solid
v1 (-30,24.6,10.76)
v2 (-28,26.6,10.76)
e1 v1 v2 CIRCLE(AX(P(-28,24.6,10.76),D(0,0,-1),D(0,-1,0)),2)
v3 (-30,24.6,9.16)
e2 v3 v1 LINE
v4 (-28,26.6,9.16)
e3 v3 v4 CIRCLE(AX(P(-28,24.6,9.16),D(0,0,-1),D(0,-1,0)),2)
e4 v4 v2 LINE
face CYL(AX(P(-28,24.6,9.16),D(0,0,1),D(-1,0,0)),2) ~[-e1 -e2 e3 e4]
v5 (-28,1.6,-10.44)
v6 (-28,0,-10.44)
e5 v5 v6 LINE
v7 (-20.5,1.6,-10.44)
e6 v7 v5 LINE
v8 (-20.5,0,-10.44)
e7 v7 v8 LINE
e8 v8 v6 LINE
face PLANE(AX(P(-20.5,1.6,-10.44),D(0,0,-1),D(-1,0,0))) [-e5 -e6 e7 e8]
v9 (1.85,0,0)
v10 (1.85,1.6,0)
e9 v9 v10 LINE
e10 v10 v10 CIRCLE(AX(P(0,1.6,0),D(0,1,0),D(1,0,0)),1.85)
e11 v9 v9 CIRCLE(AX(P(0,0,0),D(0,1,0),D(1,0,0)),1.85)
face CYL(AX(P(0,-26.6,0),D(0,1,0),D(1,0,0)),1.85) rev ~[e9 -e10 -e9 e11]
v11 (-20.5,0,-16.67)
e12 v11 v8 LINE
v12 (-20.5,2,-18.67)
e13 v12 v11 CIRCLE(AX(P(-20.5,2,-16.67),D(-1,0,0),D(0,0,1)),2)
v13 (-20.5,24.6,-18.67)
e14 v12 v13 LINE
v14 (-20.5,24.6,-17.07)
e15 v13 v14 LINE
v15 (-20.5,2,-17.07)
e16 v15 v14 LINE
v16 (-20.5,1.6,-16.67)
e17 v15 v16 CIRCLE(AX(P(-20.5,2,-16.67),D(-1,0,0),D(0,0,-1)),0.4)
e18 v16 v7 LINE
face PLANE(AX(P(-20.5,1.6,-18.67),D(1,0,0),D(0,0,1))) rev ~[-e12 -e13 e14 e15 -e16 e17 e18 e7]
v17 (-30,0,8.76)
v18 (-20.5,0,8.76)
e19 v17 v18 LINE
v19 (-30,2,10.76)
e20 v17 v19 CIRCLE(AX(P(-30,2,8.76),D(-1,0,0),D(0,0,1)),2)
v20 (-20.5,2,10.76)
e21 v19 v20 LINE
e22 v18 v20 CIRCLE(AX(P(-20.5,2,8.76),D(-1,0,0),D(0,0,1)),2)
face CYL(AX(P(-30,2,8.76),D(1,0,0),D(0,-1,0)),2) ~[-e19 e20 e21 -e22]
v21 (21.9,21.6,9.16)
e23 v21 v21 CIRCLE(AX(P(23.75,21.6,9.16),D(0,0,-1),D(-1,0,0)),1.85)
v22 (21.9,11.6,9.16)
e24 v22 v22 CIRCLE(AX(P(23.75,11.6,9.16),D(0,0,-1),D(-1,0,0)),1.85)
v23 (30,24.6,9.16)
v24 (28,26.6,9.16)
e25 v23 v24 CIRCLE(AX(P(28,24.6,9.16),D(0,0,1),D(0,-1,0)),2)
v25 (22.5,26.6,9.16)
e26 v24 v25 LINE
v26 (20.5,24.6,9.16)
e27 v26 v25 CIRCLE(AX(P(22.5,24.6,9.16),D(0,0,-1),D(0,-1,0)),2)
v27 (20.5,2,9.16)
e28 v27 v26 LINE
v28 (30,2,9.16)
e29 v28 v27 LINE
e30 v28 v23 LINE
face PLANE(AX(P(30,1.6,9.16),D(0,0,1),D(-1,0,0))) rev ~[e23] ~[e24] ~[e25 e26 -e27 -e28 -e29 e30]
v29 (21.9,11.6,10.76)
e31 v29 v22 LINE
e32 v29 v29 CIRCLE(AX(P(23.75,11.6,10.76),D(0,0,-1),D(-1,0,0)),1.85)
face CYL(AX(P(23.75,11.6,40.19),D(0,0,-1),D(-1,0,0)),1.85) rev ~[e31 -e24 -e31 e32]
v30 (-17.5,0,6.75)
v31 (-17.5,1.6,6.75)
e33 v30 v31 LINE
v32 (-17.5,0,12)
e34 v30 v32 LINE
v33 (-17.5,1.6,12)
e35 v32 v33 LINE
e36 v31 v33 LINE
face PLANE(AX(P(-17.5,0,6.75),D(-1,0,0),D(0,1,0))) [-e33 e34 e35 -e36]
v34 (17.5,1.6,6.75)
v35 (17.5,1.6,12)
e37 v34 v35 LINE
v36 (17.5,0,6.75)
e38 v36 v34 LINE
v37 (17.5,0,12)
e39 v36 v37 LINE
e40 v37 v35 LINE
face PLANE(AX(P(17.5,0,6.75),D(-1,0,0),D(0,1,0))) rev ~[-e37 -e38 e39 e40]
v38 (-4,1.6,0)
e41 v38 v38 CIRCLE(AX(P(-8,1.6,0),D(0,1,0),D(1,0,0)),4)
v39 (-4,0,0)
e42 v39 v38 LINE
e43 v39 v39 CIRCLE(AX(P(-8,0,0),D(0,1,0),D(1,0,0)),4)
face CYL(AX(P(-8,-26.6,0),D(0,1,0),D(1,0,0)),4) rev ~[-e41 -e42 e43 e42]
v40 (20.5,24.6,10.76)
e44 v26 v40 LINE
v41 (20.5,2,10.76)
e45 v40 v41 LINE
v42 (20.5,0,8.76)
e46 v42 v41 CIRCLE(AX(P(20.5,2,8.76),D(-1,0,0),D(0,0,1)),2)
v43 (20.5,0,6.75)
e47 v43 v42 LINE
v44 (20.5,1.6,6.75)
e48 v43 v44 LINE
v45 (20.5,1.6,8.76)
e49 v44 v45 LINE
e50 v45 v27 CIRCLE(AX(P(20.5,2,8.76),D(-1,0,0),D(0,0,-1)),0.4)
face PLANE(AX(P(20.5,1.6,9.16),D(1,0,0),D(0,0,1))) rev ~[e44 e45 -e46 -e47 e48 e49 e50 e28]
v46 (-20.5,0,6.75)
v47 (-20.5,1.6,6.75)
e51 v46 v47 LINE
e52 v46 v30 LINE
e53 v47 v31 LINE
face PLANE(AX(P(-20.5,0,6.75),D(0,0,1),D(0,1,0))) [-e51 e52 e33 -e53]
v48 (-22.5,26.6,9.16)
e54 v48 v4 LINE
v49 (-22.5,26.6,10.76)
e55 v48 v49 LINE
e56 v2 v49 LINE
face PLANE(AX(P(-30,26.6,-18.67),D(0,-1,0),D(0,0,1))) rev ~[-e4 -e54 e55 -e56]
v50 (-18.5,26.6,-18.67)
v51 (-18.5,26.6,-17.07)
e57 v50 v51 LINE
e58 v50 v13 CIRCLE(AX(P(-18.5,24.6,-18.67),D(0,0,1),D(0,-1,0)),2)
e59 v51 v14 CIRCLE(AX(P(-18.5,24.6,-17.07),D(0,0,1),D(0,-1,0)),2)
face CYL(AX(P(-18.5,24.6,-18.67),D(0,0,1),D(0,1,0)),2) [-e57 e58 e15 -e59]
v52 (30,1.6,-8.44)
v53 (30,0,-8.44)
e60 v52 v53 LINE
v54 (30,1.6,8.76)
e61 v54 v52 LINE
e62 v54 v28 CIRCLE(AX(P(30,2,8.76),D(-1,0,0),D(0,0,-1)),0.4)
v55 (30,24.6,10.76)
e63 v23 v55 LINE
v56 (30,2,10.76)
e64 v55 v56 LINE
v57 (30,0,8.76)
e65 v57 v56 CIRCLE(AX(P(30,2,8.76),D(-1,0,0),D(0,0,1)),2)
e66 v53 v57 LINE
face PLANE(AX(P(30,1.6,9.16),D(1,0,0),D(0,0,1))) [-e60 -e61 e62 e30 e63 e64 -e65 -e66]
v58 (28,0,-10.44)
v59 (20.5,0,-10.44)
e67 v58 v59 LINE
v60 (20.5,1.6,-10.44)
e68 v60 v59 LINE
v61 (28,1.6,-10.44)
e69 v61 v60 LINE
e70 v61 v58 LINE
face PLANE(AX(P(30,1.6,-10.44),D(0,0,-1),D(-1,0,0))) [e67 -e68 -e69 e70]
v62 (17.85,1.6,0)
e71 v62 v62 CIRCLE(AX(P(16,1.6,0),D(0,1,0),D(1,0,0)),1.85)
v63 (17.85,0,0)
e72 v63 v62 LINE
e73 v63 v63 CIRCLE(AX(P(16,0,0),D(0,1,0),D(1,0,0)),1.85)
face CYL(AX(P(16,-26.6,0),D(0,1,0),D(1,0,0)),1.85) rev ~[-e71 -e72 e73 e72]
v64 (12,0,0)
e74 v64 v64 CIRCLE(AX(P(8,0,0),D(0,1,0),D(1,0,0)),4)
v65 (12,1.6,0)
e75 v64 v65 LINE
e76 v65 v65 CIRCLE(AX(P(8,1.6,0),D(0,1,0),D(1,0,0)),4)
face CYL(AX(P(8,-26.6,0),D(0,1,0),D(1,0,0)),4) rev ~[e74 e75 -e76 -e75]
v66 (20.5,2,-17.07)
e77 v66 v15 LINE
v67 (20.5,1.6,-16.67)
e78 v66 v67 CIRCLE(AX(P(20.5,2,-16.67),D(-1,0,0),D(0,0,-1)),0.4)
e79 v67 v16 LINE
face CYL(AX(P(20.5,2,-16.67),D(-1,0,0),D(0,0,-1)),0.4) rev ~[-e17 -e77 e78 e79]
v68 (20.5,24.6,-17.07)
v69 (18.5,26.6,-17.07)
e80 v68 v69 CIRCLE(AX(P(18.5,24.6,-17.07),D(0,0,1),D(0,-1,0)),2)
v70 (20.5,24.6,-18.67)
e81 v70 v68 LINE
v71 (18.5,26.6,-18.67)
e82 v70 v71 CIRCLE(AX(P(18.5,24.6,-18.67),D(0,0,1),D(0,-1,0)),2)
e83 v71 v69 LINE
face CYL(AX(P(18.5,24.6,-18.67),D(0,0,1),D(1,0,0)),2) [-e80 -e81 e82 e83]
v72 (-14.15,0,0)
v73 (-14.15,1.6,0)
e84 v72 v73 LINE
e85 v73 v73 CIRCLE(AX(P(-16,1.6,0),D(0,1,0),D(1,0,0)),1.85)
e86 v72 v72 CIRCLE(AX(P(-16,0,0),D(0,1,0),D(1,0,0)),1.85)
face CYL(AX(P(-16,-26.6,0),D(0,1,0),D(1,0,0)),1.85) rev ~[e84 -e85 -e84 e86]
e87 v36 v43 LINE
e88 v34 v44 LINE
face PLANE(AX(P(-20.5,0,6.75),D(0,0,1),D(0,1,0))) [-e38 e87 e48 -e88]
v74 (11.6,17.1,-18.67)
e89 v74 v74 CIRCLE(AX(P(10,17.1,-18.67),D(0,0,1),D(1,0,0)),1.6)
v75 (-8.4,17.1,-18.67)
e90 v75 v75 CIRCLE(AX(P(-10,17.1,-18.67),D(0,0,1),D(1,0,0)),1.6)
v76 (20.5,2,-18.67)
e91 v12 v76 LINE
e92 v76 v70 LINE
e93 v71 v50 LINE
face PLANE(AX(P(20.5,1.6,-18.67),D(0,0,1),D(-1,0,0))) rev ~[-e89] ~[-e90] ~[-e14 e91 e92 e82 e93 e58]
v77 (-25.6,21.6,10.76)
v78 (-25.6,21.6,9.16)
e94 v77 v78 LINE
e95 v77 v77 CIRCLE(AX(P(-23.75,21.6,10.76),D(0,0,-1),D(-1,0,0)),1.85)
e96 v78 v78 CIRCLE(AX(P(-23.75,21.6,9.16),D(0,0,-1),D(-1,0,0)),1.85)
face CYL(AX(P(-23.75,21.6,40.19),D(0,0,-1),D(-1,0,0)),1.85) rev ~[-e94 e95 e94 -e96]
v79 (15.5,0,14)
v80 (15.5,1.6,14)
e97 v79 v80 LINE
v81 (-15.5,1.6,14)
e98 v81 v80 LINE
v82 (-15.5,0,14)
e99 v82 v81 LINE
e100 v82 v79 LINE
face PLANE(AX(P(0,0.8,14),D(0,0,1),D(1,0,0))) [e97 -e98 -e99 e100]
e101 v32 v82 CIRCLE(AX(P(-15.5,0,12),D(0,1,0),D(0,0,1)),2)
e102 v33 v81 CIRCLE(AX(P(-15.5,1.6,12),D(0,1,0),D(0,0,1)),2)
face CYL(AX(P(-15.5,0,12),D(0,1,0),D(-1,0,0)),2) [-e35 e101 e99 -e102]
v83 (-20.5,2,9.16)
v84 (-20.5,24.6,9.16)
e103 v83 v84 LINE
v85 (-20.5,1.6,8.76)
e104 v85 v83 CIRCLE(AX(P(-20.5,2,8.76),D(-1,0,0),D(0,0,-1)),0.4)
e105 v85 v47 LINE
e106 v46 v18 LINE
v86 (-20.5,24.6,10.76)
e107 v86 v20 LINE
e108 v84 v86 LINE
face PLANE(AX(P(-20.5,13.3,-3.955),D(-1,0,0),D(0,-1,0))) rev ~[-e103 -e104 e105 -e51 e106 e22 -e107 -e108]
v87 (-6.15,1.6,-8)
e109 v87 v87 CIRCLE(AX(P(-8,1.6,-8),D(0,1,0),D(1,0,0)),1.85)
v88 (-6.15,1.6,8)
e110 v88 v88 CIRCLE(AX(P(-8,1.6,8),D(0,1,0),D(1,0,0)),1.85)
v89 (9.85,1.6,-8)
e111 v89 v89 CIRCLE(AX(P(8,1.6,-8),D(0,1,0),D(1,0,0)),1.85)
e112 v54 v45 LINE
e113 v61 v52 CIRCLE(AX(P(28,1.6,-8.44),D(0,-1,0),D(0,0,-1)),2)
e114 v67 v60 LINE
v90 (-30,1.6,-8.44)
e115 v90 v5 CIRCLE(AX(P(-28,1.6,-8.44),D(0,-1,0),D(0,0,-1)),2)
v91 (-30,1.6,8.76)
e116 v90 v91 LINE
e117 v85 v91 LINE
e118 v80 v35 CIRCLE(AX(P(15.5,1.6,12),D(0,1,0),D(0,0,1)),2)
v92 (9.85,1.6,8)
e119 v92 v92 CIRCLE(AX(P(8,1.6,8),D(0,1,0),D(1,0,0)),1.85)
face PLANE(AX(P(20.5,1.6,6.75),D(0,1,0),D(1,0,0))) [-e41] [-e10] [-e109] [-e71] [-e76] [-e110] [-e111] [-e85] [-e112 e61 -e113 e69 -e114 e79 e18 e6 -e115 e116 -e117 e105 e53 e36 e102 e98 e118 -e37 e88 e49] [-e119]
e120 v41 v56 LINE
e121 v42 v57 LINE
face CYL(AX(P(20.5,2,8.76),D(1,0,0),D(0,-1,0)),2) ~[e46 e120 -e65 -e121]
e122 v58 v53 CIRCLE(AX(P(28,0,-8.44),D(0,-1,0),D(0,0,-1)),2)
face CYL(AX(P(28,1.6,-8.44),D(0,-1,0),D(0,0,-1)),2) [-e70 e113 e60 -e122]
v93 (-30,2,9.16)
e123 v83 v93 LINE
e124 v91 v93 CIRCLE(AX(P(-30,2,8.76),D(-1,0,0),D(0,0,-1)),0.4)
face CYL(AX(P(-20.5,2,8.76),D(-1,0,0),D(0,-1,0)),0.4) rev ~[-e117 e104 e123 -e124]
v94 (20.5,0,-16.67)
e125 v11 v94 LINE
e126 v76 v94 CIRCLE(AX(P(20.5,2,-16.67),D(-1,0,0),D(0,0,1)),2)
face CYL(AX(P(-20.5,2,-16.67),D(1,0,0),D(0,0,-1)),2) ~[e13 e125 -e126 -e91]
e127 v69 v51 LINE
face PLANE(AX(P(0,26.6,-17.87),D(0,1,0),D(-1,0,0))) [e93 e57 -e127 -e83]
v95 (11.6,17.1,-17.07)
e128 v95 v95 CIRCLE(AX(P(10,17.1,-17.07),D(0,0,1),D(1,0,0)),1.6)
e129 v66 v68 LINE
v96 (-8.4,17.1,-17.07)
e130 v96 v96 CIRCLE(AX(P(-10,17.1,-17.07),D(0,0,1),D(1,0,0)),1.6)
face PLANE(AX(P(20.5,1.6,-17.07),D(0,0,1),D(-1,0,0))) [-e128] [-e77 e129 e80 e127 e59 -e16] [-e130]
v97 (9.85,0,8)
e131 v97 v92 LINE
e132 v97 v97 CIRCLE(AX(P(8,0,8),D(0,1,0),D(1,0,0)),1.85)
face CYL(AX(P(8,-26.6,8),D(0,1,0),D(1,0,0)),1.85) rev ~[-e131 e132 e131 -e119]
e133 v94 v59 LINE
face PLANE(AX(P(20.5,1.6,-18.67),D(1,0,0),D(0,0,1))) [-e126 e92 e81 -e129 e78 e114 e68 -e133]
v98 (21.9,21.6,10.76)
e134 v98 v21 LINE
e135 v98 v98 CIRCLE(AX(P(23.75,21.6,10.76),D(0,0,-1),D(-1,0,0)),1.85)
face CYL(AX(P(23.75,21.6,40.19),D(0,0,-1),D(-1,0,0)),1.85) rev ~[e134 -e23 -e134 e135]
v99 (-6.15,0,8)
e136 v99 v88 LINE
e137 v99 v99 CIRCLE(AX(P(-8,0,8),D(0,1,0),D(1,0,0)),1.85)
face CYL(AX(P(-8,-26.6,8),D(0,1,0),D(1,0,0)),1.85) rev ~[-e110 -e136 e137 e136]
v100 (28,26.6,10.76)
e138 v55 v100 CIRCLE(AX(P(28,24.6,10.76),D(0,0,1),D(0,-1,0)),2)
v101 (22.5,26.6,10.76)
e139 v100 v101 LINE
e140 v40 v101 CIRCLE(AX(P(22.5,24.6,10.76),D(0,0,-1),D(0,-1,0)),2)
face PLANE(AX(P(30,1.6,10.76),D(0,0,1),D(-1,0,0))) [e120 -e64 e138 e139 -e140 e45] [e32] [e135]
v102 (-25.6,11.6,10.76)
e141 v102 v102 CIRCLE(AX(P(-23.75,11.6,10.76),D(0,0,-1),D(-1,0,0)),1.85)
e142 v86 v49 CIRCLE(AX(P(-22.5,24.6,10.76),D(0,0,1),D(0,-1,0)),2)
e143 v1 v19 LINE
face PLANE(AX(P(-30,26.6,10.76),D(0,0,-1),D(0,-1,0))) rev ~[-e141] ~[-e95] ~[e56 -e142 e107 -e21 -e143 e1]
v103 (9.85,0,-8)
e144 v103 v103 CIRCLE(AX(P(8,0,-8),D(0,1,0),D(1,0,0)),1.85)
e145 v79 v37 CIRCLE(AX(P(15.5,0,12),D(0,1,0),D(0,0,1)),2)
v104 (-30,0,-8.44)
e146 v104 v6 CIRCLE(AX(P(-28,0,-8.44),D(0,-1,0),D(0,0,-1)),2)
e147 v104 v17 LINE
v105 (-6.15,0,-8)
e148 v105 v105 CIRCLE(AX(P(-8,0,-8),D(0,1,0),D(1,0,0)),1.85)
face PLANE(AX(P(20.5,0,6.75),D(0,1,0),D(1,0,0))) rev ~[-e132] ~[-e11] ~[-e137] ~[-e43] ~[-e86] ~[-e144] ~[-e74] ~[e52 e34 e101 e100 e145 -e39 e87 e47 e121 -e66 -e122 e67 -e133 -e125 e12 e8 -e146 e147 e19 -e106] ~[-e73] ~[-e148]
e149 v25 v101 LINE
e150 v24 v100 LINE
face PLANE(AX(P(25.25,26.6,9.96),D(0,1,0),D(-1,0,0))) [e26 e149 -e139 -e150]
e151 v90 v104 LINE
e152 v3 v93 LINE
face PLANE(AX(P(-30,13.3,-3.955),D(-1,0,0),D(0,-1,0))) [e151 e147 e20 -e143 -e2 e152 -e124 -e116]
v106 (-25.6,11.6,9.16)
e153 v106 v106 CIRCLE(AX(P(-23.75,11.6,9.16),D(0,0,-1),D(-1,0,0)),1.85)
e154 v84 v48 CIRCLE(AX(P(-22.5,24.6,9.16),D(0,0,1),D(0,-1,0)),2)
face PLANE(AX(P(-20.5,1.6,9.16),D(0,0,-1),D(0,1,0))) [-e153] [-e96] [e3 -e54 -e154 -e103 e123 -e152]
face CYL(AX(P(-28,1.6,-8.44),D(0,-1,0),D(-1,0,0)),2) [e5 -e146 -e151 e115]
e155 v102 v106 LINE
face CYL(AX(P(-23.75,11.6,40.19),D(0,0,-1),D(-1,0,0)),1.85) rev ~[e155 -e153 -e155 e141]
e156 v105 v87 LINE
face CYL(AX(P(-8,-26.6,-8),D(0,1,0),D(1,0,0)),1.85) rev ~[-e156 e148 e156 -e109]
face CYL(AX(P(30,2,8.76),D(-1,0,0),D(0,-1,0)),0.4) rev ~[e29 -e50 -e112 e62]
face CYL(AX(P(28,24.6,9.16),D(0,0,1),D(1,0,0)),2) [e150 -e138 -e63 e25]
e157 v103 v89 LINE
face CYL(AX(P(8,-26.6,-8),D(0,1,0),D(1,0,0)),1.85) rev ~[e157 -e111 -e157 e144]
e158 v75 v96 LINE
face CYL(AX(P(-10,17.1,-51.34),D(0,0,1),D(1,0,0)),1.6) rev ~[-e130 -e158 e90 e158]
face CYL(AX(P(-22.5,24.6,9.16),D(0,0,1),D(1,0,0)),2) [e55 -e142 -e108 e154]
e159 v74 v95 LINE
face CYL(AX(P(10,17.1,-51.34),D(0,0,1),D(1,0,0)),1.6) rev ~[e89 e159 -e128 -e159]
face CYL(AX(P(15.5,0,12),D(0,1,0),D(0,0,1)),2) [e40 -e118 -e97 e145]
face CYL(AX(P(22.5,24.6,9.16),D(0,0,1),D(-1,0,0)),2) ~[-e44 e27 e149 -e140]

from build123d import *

# Parameters (mm, degrees)
SKETCH1_W                      = 26.6
SKETCH1_H                      = 29.43
BOSS_EXTRUDE1_DEPTH            = 9.5
SKETCH2_W                      = 27.83
SKETCH2_H                      = 25
CUT_EXTRUDE1_DEPTH             = 10.5
SKETCH3_W                      = 25.42
SKETCH3_H                      = 1.6
BOSS_EXTRUDE2_DEPTH            = 50.5
SKETCH4_W                      = 9.5
SKETCH4_H                      = 1.6
BOSS_EXTRUDE3_DEPTH            = 4.01
SKETCH5_W                      = 9.5
SKETCH5_H                      = 1.6
BOSS_EXTRUDE4_DEPTH            = 25
SKETCH6_W                      = 9.5
SKETCH6_H                      = 8.23
CUT_EXTRUDE2_DEPTH             = 2.6
SKETCH7_W                      = 9.5
SKETCH7_H                      = 8.23
CUT_EXTRUDE3_DEPTH             = 2.6
SKETCH8_W                      = 41
SKETCH8_H                      = 1.6
BOSS_EXTRUDE5_DEPTH            = 25
SKETCH9_W                      = 35
SKETCH9_H                      = 1.6
BOSS_EXTRUDE6_DEPTH            = 7.25
F_3_7_3_7_DIAMETER_HOLE1_D     = 3.7
F_3_7_3_7_DIAMETER_HOLE1_DEPTH = 26.6
F_8_0_8_DIAMETER_HOLE1_D       = 8
F_8_0_8_DIAMETER_HOLE1_DEPTH   = 26.6
F_3_2_3_2_DIAMETER_HOLE1_D     = 3.2
F_3_2_3_2_DIAMETER_HOLE1_DEPTH = 32.67
F_3_7_3_7_DIAMETER_HOLE2_D     = 3.7
F_3_7_3_7_DIAMETER_HOLE2_DEPTH = 29.43
FILLET1_R                      = 0.4
FILLET2_R                      = 2


with BuildPart() as part:
    # Sketch1 → Boss-Extrude1 (new body)
    with BuildSketch(Plane(origin=(-30, 0, 0), x_dir=(0, -1, 0), z_dir=(-1, 0, 0))):
        with Locations((-13.3, -3.955)):
            Rectangle(SKETCH1_W, SKETCH1_H)
    extrude(amount=-BOSS_EXTRUDE1_DEPTH)

    # Sketch2 → Cut-Extrude1 (cut, through all)
    with BuildSketch(Plane(origin=(-20.5, 0, 0), x_dir=(0, 0, -1), z_dir=(1, 0, 0))):
        with Locations((4.755, 14.1)):
            Rectangle(SKETCH2_W, SKETCH2_H)
    extrude(amount=-CUT_EXTRUDE1_DEPTH, mode=Mode.SUBTRACT)

    # Sketch3 → Boss-Extrude2 (add)
    with BuildSketch(Plane(origin=(-20.5, 0, 0), x_dir=(0, 0, -1), z_dir=(1, 0, 0))):
        with Locations((5.96, 0.8)):
            Rectangle(SKETCH3_W, SKETCH3_H)
    extrude(amount=BOSS_EXTRUDE2_DEPTH)

    # Sketch4 → Boss-Extrude3 (add)
    with BuildSketch(Plane.XY.offset(6.75)):
        with Locations((25.25, 0.8)):
            Rectangle(SKETCH4_W, SKETCH4_H)
    extrude(amount=BOSS_EXTRUDE3_DEPTH)

    # Sketch5 → Boss-Extrude4 (add)
    with BuildSketch(Plane(origin=(0, 1.6, 0), x_dir=(-1, 0, 0), z_dir=(0, 1, 0))):
        with Locations((-25.25, 9.96)):
            Rectangle(SKETCH5_W, SKETCH5_H)
    extrude(amount=BOSS_EXTRUDE4_DEPTH)

    # Sketch6 → Cut-Extrude2 (cut, through all)
    with BuildSketch(Plane(origin=(0, 1.6, 0), x_dir=(-1, 0, 0), z_dir=(0, 1, 0))):
        with Locations((25.25, -14.555)):
            Rectangle(SKETCH6_W, SKETCH6_H)
    extrude(amount=-CUT_EXTRUDE2_DEPTH, mode=Mode.SUBTRACT)

    # Sketch7 → Cut-Extrude3 (cut, through all)
    with BuildSketch(Plane(origin=(0, 1.6, 0), x_dir=(-1, 0, 0), z_dir=(0, 1, 0))):
        with Locations((-25.25, -14.555)):
            Rectangle(SKETCH7_W, SKETCH7_H)
    extrude(amount=-CUT_EXTRUDE3_DEPTH, mode=Mode.SUBTRACT)

    # Sketch8 → Boss-Extrude5 (add)
    with BuildSketch(Plane(origin=(0, 1.6, 0), x_dir=(-1, 0, 0), z_dir=(0, 1, 0))):
        with Locations((0, -17.87)):
            Rectangle(SKETCH8_W, SKETCH8_H)
    extrude(amount=BOSS_EXTRUDE5_DEPTH)

    # Sketch9 → Boss-Extrude6 (add)
    with BuildSketch(Plane.XY.offset(6.75)):
        with Locations((0, 0.8)):
            Rectangle(SKETCH9_W, SKETCH9_H)
    extrude(amount=BOSS_EXTRUDE6_DEPTH)

    # Ø3.7 (3.7) Diameter Hole1
    with Locations(Plane(origin=(0, 0, 0), x_dir=(-1, 0, 0), z_dir=(0, -1, 0))):
        with Locations((-16, 0), (-8, 8), (-8, -8), (16, 0), (8, 8), (8, -8), (0, 0)):
            Hole(F_3_7_3_7_DIAMETER_HOLE1_D / 2, depth=F_3_7_3_7_DIAMETER_HOLE1_DEPTH)

    # Ø8.0 (8) Diameter Hole1
    with Locations(Plane(origin=(0, 0, 0), x_dir=(-1, 0, 0), z_dir=(0, -1, 0))):
        with Locations((-8, 0), (8, 0)):
            Hole(F_8_0_8_DIAMETER_HOLE1_D / 2, depth=F_8_0_8_DIAMETER_HOLE1_DEPTH)

    # Ø3.2 (3.2) Diameter Hole1
    with Locations(Plane(origin=(0, 0, -18.67), x_dir=(-1, 0, 0), z_dir=(0, 0, -1))):
        with Locations((-10, 17.1), (10, 17.1)):
            Hole(F_3_2_3_2_DIAMETER_HOLE1_D / 2, depth=F_3_2_3_2_DIAMETER_HOLE1_DEPTH)

    # Ø3.7 (3.7) Diameter Hole2
    with Locations(Plane.XY.offset(10.76)):
        with Locations((-23.75, 11.6), (-23.75, 21.6), (23.75, 11.6), (23.75, 21.6)):
            Hole(F_3_7_3_7_DIAMETER_HOLE2_D / 2, depth=F_3_7_3_7_DIAMETER_HOLE2_DEPTH)

    # Fillet1
    fillet1_edges = [part.edges().sort_by_distance(p)[0] for p in [
        (0, 1.6, -17.07),
        (-25.25, 1.6, 9.16),
        (25.25, 1.6, 9.16),
    ]]
    fillet(fillet1_edges, radius=FILLET1_R)

    # Fillet2
    fillet2_edges = [part.edges().sort_by_distance(p)[0] for p in [
        (20.5, 26.6, -17.87),
        (-20.5, 26.6, -17.87),
        (17.5, 0.8, 14),
        (-17.5, 0.8, 14),
        (25.25, 0, 10.76),
        (-30, 26.6, 9.96),
        (30, 26.6, 9.96),
        (20.5, 26.6, 9.96),
        (-30, 0.8, -10.44),
        (-20.5, 26.6, 9.96),
        (-25.25, 0, 10.76),
        (30, 0.8, -10.44),
        (0, 0, -18.67),
    ]]
    fillet(fillet2_edges, radius=FILLET2_R)


solid = part.part
